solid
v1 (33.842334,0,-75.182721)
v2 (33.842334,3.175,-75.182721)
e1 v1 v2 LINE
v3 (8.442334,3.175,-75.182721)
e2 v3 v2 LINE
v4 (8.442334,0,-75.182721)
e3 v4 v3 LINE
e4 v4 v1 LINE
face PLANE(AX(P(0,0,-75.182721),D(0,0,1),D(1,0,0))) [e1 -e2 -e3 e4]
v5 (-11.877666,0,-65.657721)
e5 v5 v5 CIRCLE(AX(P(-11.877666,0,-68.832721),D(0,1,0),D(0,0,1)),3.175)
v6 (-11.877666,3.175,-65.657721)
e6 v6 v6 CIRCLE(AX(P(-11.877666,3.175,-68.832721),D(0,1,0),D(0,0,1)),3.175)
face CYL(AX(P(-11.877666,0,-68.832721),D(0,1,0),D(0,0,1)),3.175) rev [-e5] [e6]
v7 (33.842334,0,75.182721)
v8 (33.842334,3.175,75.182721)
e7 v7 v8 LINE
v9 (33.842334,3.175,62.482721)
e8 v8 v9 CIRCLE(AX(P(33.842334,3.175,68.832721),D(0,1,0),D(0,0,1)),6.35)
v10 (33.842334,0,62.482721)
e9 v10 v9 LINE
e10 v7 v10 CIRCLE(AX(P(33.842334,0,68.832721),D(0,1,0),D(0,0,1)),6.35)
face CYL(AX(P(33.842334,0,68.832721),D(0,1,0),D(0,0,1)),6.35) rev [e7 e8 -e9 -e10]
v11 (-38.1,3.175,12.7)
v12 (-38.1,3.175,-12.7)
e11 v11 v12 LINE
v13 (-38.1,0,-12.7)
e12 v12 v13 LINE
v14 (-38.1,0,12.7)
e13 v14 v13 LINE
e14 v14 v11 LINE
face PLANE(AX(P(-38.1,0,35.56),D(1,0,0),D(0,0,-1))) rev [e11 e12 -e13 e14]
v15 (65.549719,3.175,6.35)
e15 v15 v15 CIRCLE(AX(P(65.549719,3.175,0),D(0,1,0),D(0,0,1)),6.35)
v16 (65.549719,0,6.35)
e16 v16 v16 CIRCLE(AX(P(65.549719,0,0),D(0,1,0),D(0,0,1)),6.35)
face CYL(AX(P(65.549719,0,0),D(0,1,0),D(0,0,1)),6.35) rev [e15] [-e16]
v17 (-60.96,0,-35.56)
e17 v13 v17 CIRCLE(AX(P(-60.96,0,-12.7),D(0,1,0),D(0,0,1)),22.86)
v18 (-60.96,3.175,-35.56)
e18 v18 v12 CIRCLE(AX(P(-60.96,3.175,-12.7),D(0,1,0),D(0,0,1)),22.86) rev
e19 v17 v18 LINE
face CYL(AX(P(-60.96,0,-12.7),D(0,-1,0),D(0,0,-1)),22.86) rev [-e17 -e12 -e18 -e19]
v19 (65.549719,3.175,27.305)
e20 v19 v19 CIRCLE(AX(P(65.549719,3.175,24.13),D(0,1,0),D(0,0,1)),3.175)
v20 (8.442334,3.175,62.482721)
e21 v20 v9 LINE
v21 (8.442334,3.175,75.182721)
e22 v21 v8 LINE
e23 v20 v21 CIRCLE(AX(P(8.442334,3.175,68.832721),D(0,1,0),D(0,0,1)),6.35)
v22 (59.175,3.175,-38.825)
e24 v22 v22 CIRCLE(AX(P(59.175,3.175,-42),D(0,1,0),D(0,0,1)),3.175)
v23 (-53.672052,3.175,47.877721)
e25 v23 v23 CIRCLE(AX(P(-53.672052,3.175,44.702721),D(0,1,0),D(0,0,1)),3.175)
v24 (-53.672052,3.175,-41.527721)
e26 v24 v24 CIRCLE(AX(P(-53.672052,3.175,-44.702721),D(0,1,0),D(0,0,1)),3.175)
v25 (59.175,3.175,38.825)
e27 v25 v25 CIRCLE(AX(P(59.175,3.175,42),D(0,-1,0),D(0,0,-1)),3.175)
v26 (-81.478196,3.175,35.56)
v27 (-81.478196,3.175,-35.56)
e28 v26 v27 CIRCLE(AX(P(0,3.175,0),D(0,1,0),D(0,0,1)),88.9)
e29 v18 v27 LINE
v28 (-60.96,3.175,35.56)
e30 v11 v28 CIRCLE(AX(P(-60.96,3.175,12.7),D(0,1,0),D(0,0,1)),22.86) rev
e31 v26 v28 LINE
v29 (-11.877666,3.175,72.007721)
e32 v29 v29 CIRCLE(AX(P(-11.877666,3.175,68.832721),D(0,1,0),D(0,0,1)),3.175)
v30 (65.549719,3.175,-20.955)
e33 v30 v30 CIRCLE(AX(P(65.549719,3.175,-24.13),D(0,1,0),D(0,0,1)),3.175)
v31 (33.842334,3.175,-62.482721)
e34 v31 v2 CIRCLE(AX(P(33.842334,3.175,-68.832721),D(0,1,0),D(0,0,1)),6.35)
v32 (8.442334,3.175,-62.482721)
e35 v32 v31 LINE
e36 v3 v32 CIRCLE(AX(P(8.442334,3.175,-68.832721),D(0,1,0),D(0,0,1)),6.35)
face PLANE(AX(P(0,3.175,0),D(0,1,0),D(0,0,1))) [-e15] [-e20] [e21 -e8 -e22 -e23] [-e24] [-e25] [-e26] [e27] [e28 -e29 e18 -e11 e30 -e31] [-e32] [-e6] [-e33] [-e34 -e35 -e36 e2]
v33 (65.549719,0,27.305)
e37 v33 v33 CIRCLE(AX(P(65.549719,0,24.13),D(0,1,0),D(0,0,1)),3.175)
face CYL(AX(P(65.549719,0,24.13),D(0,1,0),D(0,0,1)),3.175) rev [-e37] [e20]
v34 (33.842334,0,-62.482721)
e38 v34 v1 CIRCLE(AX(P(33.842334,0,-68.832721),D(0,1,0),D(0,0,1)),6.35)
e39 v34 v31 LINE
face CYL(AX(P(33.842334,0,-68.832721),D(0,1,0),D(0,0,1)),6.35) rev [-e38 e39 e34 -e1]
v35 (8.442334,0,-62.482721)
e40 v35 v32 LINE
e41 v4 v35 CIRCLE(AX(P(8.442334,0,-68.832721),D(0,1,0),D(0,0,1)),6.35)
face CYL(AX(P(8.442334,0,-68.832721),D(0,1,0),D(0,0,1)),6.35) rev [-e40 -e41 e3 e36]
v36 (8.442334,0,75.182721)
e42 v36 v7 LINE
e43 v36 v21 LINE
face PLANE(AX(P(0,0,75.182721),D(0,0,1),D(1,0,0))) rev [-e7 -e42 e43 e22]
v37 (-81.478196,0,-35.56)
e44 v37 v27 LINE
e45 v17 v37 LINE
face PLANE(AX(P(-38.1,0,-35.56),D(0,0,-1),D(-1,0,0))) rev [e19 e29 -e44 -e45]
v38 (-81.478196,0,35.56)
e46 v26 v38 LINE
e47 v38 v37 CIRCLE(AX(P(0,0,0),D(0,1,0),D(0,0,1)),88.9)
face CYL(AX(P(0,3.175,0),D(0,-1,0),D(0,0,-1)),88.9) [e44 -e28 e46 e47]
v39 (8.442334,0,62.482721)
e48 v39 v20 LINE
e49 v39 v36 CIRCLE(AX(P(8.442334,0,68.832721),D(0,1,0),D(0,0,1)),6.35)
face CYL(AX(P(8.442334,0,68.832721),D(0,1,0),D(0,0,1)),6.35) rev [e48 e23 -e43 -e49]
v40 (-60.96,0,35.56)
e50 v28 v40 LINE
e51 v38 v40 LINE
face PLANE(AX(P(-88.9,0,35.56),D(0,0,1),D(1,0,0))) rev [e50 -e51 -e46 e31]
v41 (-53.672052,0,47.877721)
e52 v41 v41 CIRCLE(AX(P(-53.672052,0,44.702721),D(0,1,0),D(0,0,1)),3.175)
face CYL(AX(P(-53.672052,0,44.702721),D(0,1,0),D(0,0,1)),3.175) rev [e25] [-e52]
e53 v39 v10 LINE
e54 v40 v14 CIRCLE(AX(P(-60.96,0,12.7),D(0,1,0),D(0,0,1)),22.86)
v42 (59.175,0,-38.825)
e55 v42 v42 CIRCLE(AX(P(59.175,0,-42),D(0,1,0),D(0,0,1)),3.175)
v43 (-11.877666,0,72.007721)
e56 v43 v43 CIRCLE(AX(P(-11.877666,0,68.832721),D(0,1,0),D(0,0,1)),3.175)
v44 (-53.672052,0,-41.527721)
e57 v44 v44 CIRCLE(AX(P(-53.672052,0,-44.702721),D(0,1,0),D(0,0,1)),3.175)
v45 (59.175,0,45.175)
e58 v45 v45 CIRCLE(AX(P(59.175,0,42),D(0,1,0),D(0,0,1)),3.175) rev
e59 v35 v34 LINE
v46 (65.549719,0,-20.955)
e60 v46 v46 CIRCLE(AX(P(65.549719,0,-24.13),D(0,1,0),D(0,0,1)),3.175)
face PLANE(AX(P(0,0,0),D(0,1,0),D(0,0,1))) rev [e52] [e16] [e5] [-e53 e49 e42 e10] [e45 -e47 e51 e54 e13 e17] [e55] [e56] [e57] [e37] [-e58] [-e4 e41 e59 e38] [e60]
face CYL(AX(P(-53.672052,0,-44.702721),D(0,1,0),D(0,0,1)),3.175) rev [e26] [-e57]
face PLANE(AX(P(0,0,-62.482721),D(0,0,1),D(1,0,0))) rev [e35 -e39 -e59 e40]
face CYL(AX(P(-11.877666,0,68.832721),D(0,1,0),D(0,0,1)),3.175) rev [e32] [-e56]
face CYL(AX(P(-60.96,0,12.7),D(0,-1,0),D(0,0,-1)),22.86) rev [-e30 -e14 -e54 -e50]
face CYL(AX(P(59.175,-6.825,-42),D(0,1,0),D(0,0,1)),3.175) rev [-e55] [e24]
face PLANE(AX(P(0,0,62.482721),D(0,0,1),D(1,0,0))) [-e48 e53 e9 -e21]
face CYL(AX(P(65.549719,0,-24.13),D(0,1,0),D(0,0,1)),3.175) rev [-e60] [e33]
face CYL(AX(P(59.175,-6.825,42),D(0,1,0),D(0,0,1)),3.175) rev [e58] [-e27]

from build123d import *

# Parameters (mm, degrees)
SKETCH2_R           = 88.9
BOSS_EXTRUDE1_DEPTH = 3.175
SKETCH3_R           = 3.175
SKETCH3_W           = 50.8
SKETCH3_H           = 71.12
CUT_EXTRUDE1_DEPTH  = 3.175
FILLET1_R           = 22.86
SKETCH6_R           = 6.35
CUT_EXTRUDE3_DEPTH  = 126.763669734
SKETCH8_R           = 3.175
CUT_EXTRUDE4_DEPTH  = 10


with BuildPart() as part:
    # Sketch2 → Boss-Extrude1 (new body)
    with BuildSketch(Plane(origin=(0, 0, 0), x_dir=(1, 0, 0), z_dir=(0, 1, 0))):
        with Locations(Location((0, 0, 0), (0, 0, 270))):
            Circle(SKETCH2_R)
    extrude(amount=BOSS_EXTRUDE1_DEPTH)

    # Sketch3 → Cut-Extrude1 (cut)
    with BuildSketch(Plane(origin=(0, 3.175, 0), x_dir=(1, 0, 0), z_dir=(0, 1, 0))):
        with Locations(Location((65.549718535, -24.13, 0), (0, 0, 270))):
            Circle(SKETCH3_R)
        with Locations(Location((65.549718535, 24.13, 0), (0, 0, 270))):
            Circle(SKETCH3_R)
        with Locations(Location((-53.672052261, 44.702721462, 0), (0, 0, 270))):
            Circle(SKETCH3_R)
        with Locations(Location((-11.877666274, 68.832721462, 0), (0, 0, 270))):
            Circle(SKETCH3_R)
        with Locations(Location((-11.877666274, -68.832721462, 0), (0, 0, 270))):
            Circle(SKETCH3_R)
        with Locations(Location((-53.672052261, -44.702721462, 0), (0, 0, 270))):
            Circle(SKETCH3_R)
        with Locations((-63.5, 0)):
            Rectangle(SKETCH3_W, SKETCH3_H)
    extrude(amount=-CUT_EXTRUDE1_DEPTH, mode=Mode.SUBTRACT)

    # Fillet1
    fillet1_edges = [part.edges().sort_by_distance(p)[0] for p in [
        (-38.1, 1.5875, 35.56),
        (-38.1, 1.5875, -35.56),
    ]]
    fillet(fillet1_edges, radius=FILLET1_R)

    # Sketch6 → Cut-Extrude3 (cut, through all)
    with BuildSketch(Plane(origin=(0, 3.175, 0), x_dir=(1, 0, 0), z_dir=(0, 1, 0))):
        with Locations(Location((65.549718535, 0, 0), (0, 0, 270))):
            Circle(SKETCH6_R)
        with BuildLine():
            Line((8.442333726, 75.182721462), (33.842333726, 75.182721462))
            ThreePointArc((33.842333726, 75.182721462), (40.192333726, 68.832721462), (33.842333726, 62.482721462))
            Line((33.842333726, 62.482721462), (8.442333726, 62.482721462))
            ThreePointArc((8.442333726, 62.482721462), (2.092333726, 68.832721462), (8.442333726, 75.182721462))
        make_face()
        with BuildLine():
            Line((8.442333726, -62.482721462), (33.842333726, -62.482721462))
            ThreePointArc((33.842333726, -62.482721462), (40.192333726, -68.832721462), (33.842333726, -75.182721462))
            Line((33.842333726, -75.182721462), (8.442333726, -75.182721462))
            ThreePointArc((8.442333726, -75.182721462), (2.092333726, -68.832721462), (8.442333726, -62.482721462))
        make_face()
    extrude(amount=-CUT_EXTRUDE3_DEPTH, mode=Mode.SUBTRACT)

    # Sketch8 → Cut-Extrude4 (cut)
    with BuildSketch(Plane(origin=(0, 3.175, 0), x_dir=(1, 0, 0), z_dir=(0, 1, 0))):
        with Locations(Location((59.175, 42, 0), (0, 0, 270))):
            Circle(SKETCH8_R)
    cut_extrude4 = extrude(amount=-CUT_EXTRUDE4_DEPTH, mode=Mode.SUBTRACT)

    # Mirror1: Cut-Extrude4 across plane
    add(cut_extrude4.mirror(Plane.XY), mode=Mode.SUBTRACT)


solid = part.part
